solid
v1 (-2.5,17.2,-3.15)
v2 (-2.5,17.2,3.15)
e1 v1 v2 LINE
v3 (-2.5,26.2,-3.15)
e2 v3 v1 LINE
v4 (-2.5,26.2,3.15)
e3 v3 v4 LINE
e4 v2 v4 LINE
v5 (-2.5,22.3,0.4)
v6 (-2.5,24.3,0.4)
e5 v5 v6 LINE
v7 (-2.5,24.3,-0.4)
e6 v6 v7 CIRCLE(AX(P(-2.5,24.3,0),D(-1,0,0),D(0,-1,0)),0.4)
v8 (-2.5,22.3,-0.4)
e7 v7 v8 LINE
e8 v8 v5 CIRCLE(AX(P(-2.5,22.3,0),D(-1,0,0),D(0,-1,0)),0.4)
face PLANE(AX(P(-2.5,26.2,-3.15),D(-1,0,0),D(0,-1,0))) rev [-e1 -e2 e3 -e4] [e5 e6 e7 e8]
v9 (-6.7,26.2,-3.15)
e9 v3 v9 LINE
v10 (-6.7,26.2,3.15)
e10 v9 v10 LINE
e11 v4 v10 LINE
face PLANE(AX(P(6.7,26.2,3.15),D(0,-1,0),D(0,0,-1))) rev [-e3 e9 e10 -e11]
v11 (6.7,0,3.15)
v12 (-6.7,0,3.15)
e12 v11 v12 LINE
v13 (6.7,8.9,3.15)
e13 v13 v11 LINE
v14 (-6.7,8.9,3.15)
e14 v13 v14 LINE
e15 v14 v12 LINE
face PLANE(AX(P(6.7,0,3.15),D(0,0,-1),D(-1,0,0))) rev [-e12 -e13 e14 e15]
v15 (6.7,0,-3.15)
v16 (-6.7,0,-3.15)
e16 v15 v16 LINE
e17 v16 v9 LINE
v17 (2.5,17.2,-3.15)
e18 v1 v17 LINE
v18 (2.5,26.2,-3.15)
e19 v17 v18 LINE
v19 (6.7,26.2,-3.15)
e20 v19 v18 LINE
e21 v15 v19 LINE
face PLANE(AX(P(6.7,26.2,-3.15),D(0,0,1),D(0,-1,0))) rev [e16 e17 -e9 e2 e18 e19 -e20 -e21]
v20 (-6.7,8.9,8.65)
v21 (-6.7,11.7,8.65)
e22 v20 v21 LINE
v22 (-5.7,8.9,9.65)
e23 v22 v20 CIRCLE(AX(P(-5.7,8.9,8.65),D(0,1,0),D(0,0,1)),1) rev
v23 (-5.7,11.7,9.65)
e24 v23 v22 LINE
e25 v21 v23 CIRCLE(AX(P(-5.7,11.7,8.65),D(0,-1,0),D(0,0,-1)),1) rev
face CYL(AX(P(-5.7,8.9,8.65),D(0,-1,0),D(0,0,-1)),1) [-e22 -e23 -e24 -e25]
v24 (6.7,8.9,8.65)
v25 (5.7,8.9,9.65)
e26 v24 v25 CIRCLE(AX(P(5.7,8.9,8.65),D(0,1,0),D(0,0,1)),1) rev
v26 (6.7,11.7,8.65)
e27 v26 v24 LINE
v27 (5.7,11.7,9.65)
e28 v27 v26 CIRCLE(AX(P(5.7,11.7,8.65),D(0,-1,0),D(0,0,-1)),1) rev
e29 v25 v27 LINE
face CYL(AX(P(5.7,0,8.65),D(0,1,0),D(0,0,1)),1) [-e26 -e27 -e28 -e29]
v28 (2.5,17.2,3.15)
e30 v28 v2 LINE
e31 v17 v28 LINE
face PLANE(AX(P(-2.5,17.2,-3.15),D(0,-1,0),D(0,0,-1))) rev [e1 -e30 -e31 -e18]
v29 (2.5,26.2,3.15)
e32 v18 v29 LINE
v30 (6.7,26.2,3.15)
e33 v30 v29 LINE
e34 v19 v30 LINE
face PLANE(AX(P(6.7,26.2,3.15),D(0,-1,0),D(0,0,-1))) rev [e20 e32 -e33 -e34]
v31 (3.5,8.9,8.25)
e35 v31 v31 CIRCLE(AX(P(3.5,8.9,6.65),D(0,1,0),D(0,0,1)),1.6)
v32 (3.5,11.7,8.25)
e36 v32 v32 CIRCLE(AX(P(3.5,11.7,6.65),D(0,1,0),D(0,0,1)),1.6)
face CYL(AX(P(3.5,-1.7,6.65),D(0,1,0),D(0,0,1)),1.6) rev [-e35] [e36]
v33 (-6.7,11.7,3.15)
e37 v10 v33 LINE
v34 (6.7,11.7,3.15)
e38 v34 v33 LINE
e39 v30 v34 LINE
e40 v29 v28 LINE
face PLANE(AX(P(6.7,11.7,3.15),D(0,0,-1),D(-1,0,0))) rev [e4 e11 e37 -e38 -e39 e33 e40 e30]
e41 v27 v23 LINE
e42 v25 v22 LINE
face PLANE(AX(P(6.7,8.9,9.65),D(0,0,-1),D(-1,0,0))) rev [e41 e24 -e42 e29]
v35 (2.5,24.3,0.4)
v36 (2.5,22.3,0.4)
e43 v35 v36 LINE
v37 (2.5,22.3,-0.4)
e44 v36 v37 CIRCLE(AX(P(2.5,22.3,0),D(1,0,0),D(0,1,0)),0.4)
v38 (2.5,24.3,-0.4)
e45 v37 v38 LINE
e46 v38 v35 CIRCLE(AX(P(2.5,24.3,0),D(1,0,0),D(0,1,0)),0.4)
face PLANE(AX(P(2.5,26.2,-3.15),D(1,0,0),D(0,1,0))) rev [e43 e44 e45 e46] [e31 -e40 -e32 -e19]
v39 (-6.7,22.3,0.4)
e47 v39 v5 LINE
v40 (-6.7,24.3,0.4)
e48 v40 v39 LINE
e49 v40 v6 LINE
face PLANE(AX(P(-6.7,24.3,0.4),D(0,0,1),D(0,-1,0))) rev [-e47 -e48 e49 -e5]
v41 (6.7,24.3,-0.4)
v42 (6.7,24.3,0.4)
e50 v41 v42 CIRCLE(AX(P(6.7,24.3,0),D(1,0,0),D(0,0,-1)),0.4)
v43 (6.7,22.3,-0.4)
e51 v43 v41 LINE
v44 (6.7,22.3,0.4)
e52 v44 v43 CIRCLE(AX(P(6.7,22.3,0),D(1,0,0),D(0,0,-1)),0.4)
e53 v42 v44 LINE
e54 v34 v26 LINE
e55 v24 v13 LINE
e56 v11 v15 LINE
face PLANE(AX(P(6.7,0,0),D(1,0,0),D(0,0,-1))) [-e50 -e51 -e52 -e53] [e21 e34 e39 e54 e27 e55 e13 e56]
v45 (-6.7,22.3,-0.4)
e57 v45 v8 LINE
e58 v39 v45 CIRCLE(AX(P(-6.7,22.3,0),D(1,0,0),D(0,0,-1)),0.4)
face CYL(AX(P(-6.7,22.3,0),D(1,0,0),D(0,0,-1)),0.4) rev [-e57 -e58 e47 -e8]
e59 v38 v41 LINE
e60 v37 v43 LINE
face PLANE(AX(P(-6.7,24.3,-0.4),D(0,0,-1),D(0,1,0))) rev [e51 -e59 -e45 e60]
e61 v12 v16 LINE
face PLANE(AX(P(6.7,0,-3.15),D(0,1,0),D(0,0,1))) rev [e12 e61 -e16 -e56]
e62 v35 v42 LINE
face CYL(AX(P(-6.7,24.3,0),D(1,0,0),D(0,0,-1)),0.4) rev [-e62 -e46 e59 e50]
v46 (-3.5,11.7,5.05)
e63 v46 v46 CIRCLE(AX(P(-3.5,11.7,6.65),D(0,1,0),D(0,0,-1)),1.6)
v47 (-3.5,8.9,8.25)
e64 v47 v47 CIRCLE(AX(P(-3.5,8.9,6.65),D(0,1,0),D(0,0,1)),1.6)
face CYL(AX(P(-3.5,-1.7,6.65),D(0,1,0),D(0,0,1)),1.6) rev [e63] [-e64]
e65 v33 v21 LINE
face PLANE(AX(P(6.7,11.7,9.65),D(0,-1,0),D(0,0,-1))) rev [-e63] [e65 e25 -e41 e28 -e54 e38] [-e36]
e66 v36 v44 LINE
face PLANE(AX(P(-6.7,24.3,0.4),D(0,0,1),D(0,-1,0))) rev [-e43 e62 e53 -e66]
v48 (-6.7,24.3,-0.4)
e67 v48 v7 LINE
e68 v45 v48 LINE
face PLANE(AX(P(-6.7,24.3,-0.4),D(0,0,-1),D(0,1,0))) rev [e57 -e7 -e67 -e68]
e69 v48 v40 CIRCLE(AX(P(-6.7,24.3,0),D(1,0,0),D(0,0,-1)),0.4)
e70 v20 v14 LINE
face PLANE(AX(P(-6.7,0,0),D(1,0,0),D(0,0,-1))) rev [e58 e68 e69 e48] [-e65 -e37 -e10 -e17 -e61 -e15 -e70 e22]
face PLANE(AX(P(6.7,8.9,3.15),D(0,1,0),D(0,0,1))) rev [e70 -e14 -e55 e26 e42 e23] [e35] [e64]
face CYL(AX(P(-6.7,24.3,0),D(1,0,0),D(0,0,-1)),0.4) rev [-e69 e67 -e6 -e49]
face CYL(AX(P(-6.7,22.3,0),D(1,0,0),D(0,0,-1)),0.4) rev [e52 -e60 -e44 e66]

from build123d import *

# Parameters (mm, degrees)
EXTRUDE_1_DEPTH          = 6.7
CUT_EXTRUDE_1_DEPTH      = 29.713280899
CUT_EXTRUDE_1_DEPTH_BACK = 29.713280899
SKETCH_2_W               = 5
SKETCH_2_H               = 9
FILLET_1_R               = 1
SKETCH_3_R               = 1.6
CUT_EXTRUDE_2_DEPTH      = 13.4
CUT_EXTRUDE_3_DEPTH      = 31.969702937


with BuildPart() as part:
    # 草图1 → 凸台-拉伸1 (new, symmetric)
    with BuildSketch(Plane(origin=(0, 0, 0), x_dir=(0, 0, -1), z_dir=(1, 0, 0))):
        Polygon((3.15, 0), (-3.15, 0), (-3.15, 8.9), (-9.65, 8.9), (-9.65, 11.7), (-3.15, 11.7), (-3.15, 26.2), (3.15, 26.2), align=None)
    extrude(amount=EXTRUDE_1_DEPTH, both=True)

    # 草图2 → 切除-拉伸1 (cut, two sides: drawn at the far end of the back side and taken through both)
    with BuildSketch(Plane.XY.offset(-CUT_EXTRUDE_1_DEPTH_BACK)):
        with Locations((0, 21.7)):
            Rectangle(SKETCH_2_W, SKETCH_2_H)
    extrude(amount=CUT_EXTRUDE_1_DEPTH + CUT_EXTRUDE_1_DEPTH_BACK, mode=Mode.SUBTRACT)

    # 圆角1
    fillet_1_edges = [part.edges().sort_by_distance(p)[0] for p in [
        (6.7, 10.3, 9.65),
        (-6.7, 10.3, 9.65),
    ]]
    fillet(fillet_1_edges, radius=FILLET_1_R)

    # 草图3 → 切除-拉伸2 (cut)
    with BuildSketch(Plane(origin=(0, 11.7, 0), x_dir=(1, 0, 0), z_dir=(0, 1, 0))):
        with Locations(Location((3.5, -6.65, 0), (0, 0, 270))):
            Circle(SKETCH_3_R)
        with Locations(Location((-3.5, -6.65, 0), (0, 0, 270))):
            Circle(SKETCH_3_R)
    extrude(amount=-CUT_EXTRUDE_2_DEPTH, mode=Mode.SUBTRACT)

    # 草图4 → 切除-拉伸3 (cut, through all)
    with BuildSketch(Plane(origin=(6.7, 0, 0), x_dir=(0, 0, -1), z_dir=(1, 0, 0))):
        with BuildLine():
            Line((0.4, 24.3), (0.4, 22.3))
            ThreePointArc((0.4, 22.3), (0, 21.9), (-0.4, 22.3))
            Line((-0.4, 22.3), (-0.4, 24.3))
            ThreePointArc((-0.4, 24.3), (0, 24.7), (0.4, 24.3))
        make_face()
    extrude(amount=-CUT_EXTRUDE_3_DEPTH, mode=Mode.SUBTRACT)


solid = part.part
